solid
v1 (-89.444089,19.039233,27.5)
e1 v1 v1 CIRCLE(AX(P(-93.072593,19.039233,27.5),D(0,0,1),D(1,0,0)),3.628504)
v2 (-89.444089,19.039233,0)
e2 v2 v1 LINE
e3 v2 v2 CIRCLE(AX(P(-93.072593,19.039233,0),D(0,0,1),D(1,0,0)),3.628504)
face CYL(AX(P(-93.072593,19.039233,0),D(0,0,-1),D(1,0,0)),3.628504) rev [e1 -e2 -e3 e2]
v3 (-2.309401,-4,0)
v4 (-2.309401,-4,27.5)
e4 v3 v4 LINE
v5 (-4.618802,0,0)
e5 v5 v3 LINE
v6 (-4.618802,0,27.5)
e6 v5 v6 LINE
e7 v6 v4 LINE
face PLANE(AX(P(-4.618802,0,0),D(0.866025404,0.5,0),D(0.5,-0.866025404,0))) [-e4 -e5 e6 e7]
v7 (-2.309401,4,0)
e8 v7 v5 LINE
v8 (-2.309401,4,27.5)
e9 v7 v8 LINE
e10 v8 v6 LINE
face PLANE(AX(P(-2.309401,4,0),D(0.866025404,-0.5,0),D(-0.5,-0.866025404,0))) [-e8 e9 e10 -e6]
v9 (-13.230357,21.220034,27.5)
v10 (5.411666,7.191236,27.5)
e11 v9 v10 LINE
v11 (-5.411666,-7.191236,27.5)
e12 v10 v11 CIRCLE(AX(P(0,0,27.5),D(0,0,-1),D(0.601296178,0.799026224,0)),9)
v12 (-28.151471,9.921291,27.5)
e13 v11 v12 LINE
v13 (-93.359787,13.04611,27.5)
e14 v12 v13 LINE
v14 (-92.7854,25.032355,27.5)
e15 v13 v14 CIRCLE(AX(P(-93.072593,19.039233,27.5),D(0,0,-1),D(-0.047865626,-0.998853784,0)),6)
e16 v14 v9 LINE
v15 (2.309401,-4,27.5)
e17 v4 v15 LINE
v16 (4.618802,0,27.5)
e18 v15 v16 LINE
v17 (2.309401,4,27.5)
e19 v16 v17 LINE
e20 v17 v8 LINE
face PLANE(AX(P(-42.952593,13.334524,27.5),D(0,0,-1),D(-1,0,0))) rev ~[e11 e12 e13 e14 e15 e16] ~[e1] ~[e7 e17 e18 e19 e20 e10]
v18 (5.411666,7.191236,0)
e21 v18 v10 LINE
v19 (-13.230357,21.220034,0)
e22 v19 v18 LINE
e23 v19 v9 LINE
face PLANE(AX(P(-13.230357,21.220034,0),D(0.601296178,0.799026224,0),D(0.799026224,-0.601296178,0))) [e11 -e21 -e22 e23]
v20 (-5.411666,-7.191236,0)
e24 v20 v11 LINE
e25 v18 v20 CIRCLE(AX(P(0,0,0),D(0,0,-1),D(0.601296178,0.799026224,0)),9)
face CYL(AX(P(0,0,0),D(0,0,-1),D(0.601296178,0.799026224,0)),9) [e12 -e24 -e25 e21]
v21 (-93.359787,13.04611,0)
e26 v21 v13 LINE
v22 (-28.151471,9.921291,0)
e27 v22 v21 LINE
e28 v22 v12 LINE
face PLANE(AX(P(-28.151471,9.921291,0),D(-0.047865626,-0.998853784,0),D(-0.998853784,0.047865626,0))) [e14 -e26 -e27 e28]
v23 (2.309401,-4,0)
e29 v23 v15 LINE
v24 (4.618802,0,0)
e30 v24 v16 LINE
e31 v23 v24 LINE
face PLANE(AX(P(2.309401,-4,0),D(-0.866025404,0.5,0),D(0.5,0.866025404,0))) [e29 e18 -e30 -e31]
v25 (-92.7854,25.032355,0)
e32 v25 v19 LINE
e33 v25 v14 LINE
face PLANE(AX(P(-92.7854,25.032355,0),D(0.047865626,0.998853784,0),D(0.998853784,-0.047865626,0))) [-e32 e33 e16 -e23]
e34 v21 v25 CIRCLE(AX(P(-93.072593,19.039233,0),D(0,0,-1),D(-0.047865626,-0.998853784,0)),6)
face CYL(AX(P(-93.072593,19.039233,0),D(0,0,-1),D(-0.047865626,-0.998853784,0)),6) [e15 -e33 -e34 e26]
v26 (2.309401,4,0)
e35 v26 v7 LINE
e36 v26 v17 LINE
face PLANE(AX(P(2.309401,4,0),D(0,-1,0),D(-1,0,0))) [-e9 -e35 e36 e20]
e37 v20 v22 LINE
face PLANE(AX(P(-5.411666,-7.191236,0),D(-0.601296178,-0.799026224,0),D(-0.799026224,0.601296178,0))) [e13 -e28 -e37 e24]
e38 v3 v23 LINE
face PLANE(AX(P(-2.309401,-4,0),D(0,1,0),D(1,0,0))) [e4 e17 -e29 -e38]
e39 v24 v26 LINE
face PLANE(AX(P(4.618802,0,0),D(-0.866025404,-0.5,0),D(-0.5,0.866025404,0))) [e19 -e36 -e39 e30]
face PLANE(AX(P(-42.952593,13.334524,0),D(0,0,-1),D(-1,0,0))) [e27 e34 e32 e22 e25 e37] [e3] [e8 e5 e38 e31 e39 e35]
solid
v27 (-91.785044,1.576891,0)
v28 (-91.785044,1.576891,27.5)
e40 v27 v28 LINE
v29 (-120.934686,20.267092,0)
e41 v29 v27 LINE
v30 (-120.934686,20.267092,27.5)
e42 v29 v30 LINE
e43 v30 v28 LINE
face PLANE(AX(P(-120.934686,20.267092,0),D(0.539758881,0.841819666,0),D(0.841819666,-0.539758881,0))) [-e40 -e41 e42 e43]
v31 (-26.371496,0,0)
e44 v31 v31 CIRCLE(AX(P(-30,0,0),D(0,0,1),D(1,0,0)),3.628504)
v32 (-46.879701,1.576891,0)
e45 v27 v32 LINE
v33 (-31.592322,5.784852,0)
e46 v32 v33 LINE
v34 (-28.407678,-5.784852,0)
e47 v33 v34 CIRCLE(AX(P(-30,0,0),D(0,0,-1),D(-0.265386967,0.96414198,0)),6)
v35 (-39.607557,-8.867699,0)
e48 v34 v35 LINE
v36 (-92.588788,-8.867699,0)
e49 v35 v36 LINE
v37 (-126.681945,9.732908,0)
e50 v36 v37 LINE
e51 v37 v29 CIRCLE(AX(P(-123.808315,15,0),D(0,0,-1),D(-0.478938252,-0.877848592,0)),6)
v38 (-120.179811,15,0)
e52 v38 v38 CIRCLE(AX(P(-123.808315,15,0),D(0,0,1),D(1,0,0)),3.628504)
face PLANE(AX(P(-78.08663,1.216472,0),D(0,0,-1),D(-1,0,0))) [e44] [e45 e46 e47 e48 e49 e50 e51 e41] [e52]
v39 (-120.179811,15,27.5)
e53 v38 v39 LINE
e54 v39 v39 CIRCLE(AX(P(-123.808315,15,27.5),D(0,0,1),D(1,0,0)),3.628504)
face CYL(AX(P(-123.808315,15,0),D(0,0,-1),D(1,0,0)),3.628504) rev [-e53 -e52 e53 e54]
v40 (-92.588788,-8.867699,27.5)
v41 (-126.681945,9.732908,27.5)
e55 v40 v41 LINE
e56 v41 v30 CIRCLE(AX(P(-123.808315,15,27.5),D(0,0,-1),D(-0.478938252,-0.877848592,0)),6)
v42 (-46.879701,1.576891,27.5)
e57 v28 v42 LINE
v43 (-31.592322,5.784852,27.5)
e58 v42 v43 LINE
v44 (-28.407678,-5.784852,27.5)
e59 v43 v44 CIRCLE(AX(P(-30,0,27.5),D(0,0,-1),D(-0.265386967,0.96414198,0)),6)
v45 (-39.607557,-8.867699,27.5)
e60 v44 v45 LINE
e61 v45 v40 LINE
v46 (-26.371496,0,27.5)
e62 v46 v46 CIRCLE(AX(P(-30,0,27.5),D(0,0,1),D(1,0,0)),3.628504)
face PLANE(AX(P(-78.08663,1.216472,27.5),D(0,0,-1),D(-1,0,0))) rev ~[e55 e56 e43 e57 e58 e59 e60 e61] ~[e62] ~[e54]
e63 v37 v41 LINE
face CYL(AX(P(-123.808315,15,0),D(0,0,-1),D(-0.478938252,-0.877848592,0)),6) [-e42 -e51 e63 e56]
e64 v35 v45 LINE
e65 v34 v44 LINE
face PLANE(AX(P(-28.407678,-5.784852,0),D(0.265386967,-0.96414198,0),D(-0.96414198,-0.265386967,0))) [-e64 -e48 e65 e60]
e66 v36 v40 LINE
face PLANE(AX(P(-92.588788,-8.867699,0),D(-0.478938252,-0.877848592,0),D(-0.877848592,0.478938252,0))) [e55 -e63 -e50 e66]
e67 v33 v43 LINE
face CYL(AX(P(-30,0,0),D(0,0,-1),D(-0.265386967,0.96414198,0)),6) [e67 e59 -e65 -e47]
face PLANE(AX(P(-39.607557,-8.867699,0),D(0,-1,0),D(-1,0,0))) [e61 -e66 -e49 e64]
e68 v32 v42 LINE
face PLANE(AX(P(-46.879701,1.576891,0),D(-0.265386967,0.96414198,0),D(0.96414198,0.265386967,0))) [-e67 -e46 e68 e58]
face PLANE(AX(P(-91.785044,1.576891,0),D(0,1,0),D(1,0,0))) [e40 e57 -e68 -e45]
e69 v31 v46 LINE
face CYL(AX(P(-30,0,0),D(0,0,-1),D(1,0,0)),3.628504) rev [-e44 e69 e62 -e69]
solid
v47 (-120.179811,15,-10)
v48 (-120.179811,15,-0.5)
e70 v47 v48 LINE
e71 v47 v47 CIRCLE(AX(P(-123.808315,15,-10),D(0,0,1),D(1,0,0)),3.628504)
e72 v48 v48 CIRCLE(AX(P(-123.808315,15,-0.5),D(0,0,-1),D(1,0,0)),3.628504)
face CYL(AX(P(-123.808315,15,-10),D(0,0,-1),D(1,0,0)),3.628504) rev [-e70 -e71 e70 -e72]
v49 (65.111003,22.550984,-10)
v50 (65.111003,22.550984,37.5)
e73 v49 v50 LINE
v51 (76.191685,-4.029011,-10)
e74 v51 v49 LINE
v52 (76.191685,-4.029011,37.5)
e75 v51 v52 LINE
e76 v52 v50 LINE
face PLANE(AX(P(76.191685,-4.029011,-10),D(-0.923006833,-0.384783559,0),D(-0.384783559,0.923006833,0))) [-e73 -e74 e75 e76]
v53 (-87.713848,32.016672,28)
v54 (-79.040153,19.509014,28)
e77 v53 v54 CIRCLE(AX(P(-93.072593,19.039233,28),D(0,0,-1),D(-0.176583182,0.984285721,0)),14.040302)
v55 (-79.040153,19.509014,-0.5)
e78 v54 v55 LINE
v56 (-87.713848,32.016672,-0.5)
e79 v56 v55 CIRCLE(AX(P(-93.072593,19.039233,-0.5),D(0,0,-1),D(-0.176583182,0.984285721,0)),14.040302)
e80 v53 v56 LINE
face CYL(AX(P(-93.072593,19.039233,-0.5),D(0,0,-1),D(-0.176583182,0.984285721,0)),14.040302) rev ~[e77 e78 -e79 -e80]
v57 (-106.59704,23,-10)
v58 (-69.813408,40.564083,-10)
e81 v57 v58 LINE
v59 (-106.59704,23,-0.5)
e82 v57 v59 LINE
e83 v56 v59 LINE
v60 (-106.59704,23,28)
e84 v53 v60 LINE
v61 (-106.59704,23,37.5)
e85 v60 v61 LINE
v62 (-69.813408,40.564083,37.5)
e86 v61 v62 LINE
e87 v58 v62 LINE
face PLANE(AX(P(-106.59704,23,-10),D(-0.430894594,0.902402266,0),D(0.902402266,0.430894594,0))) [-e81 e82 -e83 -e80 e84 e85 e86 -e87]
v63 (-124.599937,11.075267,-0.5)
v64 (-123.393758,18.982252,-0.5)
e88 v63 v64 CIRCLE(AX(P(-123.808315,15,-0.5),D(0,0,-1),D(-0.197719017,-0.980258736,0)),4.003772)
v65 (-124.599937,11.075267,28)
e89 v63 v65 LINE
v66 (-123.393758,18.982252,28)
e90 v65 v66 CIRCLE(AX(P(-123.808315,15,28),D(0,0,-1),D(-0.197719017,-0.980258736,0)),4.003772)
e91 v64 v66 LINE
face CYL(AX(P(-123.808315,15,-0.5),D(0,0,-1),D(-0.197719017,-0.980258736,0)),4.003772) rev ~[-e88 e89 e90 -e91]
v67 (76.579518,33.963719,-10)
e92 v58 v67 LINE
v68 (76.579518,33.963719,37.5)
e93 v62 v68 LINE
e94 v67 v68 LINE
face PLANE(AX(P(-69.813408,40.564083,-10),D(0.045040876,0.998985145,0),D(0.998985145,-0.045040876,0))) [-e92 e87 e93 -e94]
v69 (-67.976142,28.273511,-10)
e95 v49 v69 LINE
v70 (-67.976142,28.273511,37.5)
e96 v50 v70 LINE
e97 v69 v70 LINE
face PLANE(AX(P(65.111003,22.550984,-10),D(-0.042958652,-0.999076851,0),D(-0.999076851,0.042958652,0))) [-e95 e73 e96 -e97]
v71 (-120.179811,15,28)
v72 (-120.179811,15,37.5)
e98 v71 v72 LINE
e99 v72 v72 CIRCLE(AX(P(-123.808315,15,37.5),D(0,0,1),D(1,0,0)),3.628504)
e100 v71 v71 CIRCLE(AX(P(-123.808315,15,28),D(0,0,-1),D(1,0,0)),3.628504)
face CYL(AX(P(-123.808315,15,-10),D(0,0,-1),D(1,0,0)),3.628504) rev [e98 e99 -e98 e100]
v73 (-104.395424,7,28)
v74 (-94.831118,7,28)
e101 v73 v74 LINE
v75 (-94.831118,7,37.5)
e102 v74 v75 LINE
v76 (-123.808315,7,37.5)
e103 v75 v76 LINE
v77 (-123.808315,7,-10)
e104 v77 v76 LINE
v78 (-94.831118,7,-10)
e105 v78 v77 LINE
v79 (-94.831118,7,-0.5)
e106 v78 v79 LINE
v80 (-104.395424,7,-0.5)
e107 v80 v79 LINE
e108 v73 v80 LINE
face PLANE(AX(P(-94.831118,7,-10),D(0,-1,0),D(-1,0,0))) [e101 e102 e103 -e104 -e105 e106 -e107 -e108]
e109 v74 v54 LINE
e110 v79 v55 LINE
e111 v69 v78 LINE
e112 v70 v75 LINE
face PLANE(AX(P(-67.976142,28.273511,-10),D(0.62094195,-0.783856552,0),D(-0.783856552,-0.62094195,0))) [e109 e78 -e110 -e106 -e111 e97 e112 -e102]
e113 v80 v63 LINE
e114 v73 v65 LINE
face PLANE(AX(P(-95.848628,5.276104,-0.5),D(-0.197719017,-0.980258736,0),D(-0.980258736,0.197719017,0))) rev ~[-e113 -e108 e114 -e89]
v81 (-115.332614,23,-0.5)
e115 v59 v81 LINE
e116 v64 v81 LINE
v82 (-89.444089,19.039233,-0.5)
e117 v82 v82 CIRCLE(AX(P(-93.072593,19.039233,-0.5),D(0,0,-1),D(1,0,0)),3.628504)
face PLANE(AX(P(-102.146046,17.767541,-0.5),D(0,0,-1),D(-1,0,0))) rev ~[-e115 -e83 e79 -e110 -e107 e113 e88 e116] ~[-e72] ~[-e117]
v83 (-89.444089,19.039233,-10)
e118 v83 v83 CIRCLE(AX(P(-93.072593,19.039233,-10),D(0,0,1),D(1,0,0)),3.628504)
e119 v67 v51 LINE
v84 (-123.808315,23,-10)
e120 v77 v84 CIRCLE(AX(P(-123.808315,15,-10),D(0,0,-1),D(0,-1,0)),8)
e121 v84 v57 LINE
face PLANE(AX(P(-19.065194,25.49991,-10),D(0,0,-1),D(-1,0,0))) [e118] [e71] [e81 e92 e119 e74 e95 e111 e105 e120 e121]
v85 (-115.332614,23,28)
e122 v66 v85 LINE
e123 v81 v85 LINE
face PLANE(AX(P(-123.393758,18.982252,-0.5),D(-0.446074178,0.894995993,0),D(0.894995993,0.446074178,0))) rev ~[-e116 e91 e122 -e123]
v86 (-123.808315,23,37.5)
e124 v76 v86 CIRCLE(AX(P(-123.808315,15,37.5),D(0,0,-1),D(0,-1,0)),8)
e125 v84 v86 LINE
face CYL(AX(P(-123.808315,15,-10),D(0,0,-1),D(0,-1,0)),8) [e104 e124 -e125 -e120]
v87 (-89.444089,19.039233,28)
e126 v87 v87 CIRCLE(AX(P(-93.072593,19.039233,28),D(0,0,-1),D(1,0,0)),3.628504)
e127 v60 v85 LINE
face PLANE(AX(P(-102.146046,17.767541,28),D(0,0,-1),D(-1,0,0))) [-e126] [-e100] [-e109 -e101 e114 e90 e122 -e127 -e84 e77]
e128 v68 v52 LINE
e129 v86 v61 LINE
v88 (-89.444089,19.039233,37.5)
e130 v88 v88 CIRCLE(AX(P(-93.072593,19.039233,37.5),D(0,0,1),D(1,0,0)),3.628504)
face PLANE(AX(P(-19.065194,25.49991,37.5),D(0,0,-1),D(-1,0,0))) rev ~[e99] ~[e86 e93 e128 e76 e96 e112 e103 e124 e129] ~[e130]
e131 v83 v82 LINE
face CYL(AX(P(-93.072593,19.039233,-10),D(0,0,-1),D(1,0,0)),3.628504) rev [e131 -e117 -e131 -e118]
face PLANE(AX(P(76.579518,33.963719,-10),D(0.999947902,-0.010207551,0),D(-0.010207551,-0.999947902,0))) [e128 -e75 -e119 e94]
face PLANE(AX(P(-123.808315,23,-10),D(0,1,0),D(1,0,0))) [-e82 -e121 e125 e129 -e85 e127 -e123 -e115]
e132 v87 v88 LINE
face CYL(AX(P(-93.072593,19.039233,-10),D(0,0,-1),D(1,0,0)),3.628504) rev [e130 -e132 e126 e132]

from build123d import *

# Parameters (mm, degrees)
SKETCH5_R                = 3.628504089
BOSS_EXTRUDE3_DEPTH      = 27.5
BOSS_EXTRUDE3_2_DEPTH    = 27.5
BOSS_EXTRUDE4_DEPTH      = 23.75
BOSS_EXTRUDE4_DEPTH_BACK = 23.75
SKETCH6_R                = 3.628504089
CUT_EXTRUDE2_DEPTH       = 14.25
CUT_EXTRUDE2_DEPTH_BACK  = 14.25


with BuildPart() as part:
    # Sketch5 → Boss-Extrude3 (new body)
    with BuildSketch(Plane.XY):
        with BuildLine():
            Line((-120.934685686, 20.267091554), (-91.785043878, 1.576891431))
            Line((-91.785043878, 1.576891431), (-46.879701458, 1.576891431))
            Line((-46.879701458, 1.576891431), (-31.592321802, 5.78485188))
            ThreePointArc((-31.592321802, 5.78485188), (-24.21514812, 1.592321802), (-28.407678198, -5.78485188))
            Line((-28.407678198, -5.78485188), (-39.607557444, -8.867698645))
            Line((-39.607557444, -8.867698645), (-92.588788243, -8.867698645))
            Line((-92.588788243, -8.867698645), (-126.681944707, 9.732908446))
            ThreePointArc((-126.681944707, 9.732908446), (-129.07540675, 17.87362951), (-120.934685686, 20.267091554))
        make_face()
        with Locations((-123.808315196, 15)):
            Circle(SKETCH5_R, mode=Mode.SUBTRACT)
        with Locations((-30, 0)):
            Circle(SKETCH5_R, mode=Mode.SUBTRACT)
    extrude(amount=BOSS_EXTRUDE3_DEPTH)


with BuildPart() as body_2:
    # Sketch5 → Boss-Extrude3 2 (new body)
    with BuildSketch(Plane.XY):
        with BuildLine():
            Line((-5.4116656, -7.191236016), (-28.151470977, 9.921291265))
            Line((-28.151470977, 9.921291265), (-93.359787057, 13.046109847))
            ThreePointArc((-93.359787057, 13.046109847), (-99.065716006, 19.326426306), (-92.785399546, 25.032355255))
            Line((-92.785399546, 25.032355255), (-13.230357407, 21.220033624))
            Line((-13.230357407, 21.220033624), (5.4116656, 7.191236016))
            ThreePointArc((5.4116656, 7.191236016), (7.191236016, -5.4116656), (-5.4116656, -7.191236016))
        make_face()
        with Locations((-93.072593302, 19.039232551)):
            Circle(SKETCH5_R, mode=Mode.SUBTRACT)
        Polygon((4.618802154, 0), (2.309401077, 4), (-2.309401077, 4), (-4.618802154, 0), (-2.309401077, -4), (2.309401077, -4), align=None, mode=Mode.SUBTRACT)
    extrude(amount=BOSS_EXTRUDE3_2_DEPTH)


with BuildPart() as body_3:
    # Sketch6 → Boss-Extrude4 (new, two sides: drawn at the far end of the back side and taken through both)
    with BuildSketch(Plane.XY.offset(13.75).offset(-BOSS_EXTRUDE4_DEPTH_BACK)):
        with BuildLine():
            Line((76.191684804, -4.029010555), (65.11100303, 22.550984249))
            Line((65.11100303, 22.550984249), (-67.97614227, 28.273511334))
            Line((-67.97614227, 28.273511334), (-94.831118395, 7))
            Line((-94.831118395, 7), (-123.808315196, 7))
            ThreePointArc((-123.808315196, 7), (-131.808315196, 15), (-123.808315196, 23))
            Line((-123.808315196, 23), (-106.597039785, 23))
            Line((-106.597039785, 23), (-69.813407938, 40.564082784))
            Line((-69.813407938, 40.564082784), (76.579517734, 33.963718739))
            Line((76.579517734, 33.963718739), (76.191684804, -4.029010555))
        make_face()
        with Locations((-93.072593302, 19.039232551)):
            Circle(SKETCH6_R, mode=Mode.SUBTRACT)
        with Locations((-123.808315196, 15)):
            Circle(SKETCH6_R, mode=Mode.SUBTRACT)
    extrude(amount=BOSS_EXTRUDE4_DEPTH + BOSS_EXTRUDE4_DEPTH_BACK)

    # Sketch7 → Cut-Extrude2 (cut, two sides: drawn at the far end of the back side and taken through both)
    with BuildSketch(Plane.XY.offset(13.75).offset(-CUT_EXTRUDE2_DEPTH_BACK)):
        with BuildLine():
            Line((-123.39375762, 18.98225228), (-95.551874481, 32.858901158))
            ThreePointArc((-95.551874481, 32.858901158), (-79.033103969, 18.888186683), (-95.848627976, 5.276104016))
            Line((-95.848627976, 5.276104016), (-124.599937084, 11.075267398))
            ThreePointArc((-124.599937084, 11.075267398), (-127.766300398, 15.603775085), (-123.39375762, 18.98225228))
        make_face()
    extrude(amount=CUT_EXTRUDE2_DEPTH + CUT_EXTRUDE2_DEPTH_BACK, mode=Mode.SUBTRACT)


solid = Compound([part.part, body_2.part, body_3.part])
